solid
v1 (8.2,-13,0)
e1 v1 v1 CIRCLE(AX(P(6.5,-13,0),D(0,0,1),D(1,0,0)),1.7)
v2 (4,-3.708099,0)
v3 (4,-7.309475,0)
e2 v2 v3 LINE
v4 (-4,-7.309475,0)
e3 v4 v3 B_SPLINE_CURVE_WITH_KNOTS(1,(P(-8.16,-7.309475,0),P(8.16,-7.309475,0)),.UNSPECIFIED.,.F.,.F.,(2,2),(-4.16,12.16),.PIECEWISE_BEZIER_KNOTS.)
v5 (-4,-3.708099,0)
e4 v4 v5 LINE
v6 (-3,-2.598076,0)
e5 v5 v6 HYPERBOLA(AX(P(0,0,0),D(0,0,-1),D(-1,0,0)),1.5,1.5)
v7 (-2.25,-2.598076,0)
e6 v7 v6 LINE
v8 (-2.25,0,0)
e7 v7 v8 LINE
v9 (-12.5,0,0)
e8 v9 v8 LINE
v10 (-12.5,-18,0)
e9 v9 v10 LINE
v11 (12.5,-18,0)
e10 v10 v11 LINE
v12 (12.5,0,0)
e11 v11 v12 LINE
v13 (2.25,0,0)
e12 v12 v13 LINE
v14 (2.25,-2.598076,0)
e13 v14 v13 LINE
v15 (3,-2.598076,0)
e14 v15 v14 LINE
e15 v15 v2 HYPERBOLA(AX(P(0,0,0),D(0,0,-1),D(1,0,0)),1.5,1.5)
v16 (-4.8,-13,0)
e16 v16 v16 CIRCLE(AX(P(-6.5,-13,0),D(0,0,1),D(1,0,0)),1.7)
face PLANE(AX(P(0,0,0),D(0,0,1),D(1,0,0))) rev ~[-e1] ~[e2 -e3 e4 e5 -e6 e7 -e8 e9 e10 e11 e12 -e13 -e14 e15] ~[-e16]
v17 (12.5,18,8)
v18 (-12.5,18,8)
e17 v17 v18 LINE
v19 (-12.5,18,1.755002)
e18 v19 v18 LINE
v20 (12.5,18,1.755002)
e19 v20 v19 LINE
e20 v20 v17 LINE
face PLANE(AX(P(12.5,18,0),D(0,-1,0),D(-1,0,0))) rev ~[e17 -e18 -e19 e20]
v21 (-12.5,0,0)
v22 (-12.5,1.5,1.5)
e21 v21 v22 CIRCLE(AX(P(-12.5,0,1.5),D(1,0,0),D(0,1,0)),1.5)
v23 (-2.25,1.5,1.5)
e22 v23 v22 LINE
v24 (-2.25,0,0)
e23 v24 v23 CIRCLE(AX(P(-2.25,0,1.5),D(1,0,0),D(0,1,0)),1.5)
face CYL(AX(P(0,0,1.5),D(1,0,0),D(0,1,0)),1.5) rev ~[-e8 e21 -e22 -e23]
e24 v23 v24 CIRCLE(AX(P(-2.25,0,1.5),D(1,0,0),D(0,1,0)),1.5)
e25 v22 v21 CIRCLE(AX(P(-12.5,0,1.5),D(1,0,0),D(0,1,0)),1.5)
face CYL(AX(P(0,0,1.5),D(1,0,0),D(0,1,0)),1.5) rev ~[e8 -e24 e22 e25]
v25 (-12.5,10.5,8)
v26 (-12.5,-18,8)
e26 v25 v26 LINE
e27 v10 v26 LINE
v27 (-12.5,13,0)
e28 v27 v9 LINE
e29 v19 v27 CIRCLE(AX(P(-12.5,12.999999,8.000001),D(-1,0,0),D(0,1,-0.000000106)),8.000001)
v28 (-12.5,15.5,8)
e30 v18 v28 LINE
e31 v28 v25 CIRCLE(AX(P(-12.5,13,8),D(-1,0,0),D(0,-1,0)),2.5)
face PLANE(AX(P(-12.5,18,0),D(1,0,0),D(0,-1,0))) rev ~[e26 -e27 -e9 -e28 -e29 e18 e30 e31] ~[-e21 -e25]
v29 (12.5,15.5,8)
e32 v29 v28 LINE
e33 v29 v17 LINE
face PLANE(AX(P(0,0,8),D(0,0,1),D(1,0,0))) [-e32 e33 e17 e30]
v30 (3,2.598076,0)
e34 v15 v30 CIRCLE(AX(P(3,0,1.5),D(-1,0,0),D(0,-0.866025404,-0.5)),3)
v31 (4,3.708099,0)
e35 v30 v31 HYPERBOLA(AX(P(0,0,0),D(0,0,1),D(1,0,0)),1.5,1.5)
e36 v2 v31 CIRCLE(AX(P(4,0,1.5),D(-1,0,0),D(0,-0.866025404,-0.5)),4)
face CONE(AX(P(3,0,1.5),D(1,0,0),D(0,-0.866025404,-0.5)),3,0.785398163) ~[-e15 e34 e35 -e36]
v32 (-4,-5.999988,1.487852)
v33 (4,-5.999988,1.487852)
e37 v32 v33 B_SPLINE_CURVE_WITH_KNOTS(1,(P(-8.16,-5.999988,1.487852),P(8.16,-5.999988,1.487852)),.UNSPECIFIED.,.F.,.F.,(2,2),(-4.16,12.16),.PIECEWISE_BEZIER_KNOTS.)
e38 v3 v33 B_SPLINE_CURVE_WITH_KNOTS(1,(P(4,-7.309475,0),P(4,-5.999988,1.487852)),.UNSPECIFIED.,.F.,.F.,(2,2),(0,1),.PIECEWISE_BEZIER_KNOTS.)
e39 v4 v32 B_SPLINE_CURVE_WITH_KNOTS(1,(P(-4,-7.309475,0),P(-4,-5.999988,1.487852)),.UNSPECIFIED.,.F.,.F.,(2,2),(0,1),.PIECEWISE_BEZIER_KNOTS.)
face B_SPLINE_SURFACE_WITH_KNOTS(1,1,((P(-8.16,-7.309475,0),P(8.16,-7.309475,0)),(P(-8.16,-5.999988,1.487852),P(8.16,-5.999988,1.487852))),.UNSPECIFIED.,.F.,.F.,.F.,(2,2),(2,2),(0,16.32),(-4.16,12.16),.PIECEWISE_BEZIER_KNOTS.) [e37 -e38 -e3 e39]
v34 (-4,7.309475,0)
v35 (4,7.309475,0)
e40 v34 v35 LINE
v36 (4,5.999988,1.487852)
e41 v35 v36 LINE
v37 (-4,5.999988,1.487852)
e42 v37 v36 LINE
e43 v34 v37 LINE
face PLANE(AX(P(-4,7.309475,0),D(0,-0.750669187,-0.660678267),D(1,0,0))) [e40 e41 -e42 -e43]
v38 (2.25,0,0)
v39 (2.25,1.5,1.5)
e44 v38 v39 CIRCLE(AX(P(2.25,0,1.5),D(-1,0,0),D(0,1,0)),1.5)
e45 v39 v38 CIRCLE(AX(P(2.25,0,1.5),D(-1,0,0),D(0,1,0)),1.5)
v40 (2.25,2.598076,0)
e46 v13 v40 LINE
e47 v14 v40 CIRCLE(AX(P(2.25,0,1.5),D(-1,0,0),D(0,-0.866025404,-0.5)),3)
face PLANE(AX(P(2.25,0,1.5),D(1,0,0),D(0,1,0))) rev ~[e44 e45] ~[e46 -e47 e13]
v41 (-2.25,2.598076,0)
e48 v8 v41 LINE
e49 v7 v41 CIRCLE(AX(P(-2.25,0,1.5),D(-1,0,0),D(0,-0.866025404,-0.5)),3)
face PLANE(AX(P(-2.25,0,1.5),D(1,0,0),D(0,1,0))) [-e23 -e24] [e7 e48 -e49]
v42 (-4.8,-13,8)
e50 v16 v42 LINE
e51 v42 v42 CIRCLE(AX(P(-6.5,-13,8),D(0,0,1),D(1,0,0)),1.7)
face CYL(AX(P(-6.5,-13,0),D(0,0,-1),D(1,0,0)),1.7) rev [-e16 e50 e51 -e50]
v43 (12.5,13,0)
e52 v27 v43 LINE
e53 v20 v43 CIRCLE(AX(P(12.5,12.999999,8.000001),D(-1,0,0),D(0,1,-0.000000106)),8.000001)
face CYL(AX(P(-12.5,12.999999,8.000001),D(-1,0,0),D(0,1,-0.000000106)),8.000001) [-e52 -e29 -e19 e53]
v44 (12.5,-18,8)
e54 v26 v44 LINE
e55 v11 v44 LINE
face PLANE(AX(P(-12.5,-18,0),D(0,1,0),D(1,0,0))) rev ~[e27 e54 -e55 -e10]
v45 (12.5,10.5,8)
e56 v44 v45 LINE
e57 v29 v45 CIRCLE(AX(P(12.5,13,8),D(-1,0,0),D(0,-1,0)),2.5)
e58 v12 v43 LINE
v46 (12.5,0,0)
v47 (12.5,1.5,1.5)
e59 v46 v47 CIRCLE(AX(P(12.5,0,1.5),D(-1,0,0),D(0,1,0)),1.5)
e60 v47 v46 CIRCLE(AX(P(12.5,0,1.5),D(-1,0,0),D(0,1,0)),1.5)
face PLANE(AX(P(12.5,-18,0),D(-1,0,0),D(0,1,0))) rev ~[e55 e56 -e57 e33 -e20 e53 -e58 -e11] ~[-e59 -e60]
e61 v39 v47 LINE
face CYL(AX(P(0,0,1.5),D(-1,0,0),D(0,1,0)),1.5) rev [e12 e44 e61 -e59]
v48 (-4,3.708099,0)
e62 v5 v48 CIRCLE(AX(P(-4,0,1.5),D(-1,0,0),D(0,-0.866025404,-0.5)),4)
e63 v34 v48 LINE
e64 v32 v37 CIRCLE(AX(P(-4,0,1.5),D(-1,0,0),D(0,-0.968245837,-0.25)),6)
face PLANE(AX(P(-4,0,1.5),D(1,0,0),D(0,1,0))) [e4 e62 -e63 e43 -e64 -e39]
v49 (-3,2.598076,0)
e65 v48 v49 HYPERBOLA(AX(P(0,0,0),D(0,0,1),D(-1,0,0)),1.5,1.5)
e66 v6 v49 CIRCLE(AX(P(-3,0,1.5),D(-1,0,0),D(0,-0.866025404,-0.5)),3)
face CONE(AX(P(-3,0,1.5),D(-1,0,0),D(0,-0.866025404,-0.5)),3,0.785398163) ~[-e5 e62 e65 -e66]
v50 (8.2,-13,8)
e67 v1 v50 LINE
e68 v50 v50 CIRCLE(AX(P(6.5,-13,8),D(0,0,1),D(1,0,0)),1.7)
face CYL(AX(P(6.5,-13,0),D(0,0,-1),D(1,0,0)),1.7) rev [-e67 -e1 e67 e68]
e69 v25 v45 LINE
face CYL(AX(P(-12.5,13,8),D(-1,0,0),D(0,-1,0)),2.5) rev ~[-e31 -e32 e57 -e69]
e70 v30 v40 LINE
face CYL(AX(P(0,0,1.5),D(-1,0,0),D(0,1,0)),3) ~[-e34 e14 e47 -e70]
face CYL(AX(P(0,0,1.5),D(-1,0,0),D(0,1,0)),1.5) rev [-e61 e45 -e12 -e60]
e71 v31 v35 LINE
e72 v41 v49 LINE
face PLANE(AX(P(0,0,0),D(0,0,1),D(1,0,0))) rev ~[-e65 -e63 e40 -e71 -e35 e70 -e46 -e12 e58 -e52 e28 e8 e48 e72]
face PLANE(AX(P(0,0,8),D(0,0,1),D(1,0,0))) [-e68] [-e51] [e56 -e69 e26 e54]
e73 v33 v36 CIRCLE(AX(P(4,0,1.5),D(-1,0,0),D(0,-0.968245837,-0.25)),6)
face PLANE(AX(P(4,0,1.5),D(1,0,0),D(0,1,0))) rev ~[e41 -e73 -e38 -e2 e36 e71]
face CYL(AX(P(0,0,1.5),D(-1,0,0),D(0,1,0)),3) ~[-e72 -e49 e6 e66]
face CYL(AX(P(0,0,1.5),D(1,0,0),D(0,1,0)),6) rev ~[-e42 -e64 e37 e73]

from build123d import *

# Parameters (mm, degrees)
SKETCH_R          = 1.7
PAD_DEPTH         = 8
SKETCH001_R       = 1.5
POCKET_DEPTH      = 12.501
POCKET_DEPTH_BACK = -12.501
SKETCH002_R       = 3
POCKET001_DEPTH   = 2.25
SKETCH003_R       = 6
SKETCH003_R_2     = 3
POCKET002_DEPTH   = 4
SKETCH004_R       = 2.5
POCKET003_DEPTH   = 25.001
POCKET004_DEPTH   = 25.001
CHAMFER_SIZE      = 1
CHAMFER001_SIZE   = 1.5


with BuildPart() as part:
    # Sketch → Pad (new body)
    with BuildSketch(Plane.XY):
        Polygon((-12.5, 18), (-12.5, 0), (-12.5, -18), (0, -18), (12.5, -18), (12.5, 0), (12.5, 18), (0, 18), align=None)
        with Locations((6.5, -13)):
            Circle(SKETCH_R, mode=Mode.SUBTRACT)
        with Locations((-6.5, -13)):
            Circle(SKETCH_R, mode=Mode.SUBTRACT)
    extrude(amount=PAD_DEPTH)

    # Sketch001 → Pocket (cut, two sides)
    with BuildSketch(Plane.YZ) as pocket_sk:
        with Locations((0, 1.5)):
            Circle(SKETCH001_R)
    extrude(amount=-POCKET_DEPTH, mode=Mode.SUBTRACT)
    extrude(pocket_sk.sketch, amount=-POCKET_DEPTH_BACK, mode=Mode.SUBTRACT)

    # Sketch002 → Pocket001 (cut, symmetric)
    with BuildSketch(Plane.YZ):
        with Locations((0, 1.5)):
            Circle(SKETCH002_R)
    extrude(amount=POCKET001_DEPTH, both=True, mode=Mode.SUBTRACT)

    # Sketch003 → Pocket002 (cut, symmetric)
    with BuildSketch(Plane.YZ):
        with Locations((0, 1.5)):
            Circle(SKETCH003_R)
        with Locations((0, 1.5)):
            Circle(SKETCH003_R_2, mode=Mode.SUBTRACT)
    extrude(amount=POCKET002_DEPTH, both=True, mode=Mode.SUBTRACT)

    # Sketch004 (on DatumPlane) → Pocket003 (cut, through all)
    with BuildSketch(Plane(origin=(-12.5, 13, 8), x_dir=(0, -1, 0), z_dir=(-1, 0, 0))):
        Circle(SKETCH004_R)
    extrude(amount=-POCKET003_DEPTH, mode=Mode.SUBTRACT)

    # Sketch005 (on DatumPlane) → Pocket004 (cut, through all)
    with BuildSketch(Plane(origin=(-12.5, 13, 0), x_dir=(0, -1, 0), z_dir=(-1, 0, 0))):
        with BuildLine():
            ThreePointArc((-8, 8), (-5.656854, 2.343146), (0, 0))
            Line((0, 0), (0, -10))
            ThreePointArc((-18, 8), (-12.727922, -4.727922), (0, -10))
            Line((-8, 8), (-18, 8))
        make_face()
    extrude(amount=-POCKET004_DEPTH, mode=Mode.SUBTRACT)

    # Chamfer
    chamfer_edges = [part.edges().sort_by_distance(p)[0] for p in [
        (-4, -0.776457, 4.397777),
        (4, -0.776457, 4.397777),
    ]]
    chamfer(chamfer_edges, length=CHAMFER_SIZE)

    # Chamfer001
    chamfer001_edges = [part.edges().sort_by_distance(p)[0] for p in [
        (0, 5.809475, 0),
        (0, -5.809475, 0),
    ]]
    chamfer(chamfer001_edges, length=CHAMFER001_SIZE)


solid = part.part
